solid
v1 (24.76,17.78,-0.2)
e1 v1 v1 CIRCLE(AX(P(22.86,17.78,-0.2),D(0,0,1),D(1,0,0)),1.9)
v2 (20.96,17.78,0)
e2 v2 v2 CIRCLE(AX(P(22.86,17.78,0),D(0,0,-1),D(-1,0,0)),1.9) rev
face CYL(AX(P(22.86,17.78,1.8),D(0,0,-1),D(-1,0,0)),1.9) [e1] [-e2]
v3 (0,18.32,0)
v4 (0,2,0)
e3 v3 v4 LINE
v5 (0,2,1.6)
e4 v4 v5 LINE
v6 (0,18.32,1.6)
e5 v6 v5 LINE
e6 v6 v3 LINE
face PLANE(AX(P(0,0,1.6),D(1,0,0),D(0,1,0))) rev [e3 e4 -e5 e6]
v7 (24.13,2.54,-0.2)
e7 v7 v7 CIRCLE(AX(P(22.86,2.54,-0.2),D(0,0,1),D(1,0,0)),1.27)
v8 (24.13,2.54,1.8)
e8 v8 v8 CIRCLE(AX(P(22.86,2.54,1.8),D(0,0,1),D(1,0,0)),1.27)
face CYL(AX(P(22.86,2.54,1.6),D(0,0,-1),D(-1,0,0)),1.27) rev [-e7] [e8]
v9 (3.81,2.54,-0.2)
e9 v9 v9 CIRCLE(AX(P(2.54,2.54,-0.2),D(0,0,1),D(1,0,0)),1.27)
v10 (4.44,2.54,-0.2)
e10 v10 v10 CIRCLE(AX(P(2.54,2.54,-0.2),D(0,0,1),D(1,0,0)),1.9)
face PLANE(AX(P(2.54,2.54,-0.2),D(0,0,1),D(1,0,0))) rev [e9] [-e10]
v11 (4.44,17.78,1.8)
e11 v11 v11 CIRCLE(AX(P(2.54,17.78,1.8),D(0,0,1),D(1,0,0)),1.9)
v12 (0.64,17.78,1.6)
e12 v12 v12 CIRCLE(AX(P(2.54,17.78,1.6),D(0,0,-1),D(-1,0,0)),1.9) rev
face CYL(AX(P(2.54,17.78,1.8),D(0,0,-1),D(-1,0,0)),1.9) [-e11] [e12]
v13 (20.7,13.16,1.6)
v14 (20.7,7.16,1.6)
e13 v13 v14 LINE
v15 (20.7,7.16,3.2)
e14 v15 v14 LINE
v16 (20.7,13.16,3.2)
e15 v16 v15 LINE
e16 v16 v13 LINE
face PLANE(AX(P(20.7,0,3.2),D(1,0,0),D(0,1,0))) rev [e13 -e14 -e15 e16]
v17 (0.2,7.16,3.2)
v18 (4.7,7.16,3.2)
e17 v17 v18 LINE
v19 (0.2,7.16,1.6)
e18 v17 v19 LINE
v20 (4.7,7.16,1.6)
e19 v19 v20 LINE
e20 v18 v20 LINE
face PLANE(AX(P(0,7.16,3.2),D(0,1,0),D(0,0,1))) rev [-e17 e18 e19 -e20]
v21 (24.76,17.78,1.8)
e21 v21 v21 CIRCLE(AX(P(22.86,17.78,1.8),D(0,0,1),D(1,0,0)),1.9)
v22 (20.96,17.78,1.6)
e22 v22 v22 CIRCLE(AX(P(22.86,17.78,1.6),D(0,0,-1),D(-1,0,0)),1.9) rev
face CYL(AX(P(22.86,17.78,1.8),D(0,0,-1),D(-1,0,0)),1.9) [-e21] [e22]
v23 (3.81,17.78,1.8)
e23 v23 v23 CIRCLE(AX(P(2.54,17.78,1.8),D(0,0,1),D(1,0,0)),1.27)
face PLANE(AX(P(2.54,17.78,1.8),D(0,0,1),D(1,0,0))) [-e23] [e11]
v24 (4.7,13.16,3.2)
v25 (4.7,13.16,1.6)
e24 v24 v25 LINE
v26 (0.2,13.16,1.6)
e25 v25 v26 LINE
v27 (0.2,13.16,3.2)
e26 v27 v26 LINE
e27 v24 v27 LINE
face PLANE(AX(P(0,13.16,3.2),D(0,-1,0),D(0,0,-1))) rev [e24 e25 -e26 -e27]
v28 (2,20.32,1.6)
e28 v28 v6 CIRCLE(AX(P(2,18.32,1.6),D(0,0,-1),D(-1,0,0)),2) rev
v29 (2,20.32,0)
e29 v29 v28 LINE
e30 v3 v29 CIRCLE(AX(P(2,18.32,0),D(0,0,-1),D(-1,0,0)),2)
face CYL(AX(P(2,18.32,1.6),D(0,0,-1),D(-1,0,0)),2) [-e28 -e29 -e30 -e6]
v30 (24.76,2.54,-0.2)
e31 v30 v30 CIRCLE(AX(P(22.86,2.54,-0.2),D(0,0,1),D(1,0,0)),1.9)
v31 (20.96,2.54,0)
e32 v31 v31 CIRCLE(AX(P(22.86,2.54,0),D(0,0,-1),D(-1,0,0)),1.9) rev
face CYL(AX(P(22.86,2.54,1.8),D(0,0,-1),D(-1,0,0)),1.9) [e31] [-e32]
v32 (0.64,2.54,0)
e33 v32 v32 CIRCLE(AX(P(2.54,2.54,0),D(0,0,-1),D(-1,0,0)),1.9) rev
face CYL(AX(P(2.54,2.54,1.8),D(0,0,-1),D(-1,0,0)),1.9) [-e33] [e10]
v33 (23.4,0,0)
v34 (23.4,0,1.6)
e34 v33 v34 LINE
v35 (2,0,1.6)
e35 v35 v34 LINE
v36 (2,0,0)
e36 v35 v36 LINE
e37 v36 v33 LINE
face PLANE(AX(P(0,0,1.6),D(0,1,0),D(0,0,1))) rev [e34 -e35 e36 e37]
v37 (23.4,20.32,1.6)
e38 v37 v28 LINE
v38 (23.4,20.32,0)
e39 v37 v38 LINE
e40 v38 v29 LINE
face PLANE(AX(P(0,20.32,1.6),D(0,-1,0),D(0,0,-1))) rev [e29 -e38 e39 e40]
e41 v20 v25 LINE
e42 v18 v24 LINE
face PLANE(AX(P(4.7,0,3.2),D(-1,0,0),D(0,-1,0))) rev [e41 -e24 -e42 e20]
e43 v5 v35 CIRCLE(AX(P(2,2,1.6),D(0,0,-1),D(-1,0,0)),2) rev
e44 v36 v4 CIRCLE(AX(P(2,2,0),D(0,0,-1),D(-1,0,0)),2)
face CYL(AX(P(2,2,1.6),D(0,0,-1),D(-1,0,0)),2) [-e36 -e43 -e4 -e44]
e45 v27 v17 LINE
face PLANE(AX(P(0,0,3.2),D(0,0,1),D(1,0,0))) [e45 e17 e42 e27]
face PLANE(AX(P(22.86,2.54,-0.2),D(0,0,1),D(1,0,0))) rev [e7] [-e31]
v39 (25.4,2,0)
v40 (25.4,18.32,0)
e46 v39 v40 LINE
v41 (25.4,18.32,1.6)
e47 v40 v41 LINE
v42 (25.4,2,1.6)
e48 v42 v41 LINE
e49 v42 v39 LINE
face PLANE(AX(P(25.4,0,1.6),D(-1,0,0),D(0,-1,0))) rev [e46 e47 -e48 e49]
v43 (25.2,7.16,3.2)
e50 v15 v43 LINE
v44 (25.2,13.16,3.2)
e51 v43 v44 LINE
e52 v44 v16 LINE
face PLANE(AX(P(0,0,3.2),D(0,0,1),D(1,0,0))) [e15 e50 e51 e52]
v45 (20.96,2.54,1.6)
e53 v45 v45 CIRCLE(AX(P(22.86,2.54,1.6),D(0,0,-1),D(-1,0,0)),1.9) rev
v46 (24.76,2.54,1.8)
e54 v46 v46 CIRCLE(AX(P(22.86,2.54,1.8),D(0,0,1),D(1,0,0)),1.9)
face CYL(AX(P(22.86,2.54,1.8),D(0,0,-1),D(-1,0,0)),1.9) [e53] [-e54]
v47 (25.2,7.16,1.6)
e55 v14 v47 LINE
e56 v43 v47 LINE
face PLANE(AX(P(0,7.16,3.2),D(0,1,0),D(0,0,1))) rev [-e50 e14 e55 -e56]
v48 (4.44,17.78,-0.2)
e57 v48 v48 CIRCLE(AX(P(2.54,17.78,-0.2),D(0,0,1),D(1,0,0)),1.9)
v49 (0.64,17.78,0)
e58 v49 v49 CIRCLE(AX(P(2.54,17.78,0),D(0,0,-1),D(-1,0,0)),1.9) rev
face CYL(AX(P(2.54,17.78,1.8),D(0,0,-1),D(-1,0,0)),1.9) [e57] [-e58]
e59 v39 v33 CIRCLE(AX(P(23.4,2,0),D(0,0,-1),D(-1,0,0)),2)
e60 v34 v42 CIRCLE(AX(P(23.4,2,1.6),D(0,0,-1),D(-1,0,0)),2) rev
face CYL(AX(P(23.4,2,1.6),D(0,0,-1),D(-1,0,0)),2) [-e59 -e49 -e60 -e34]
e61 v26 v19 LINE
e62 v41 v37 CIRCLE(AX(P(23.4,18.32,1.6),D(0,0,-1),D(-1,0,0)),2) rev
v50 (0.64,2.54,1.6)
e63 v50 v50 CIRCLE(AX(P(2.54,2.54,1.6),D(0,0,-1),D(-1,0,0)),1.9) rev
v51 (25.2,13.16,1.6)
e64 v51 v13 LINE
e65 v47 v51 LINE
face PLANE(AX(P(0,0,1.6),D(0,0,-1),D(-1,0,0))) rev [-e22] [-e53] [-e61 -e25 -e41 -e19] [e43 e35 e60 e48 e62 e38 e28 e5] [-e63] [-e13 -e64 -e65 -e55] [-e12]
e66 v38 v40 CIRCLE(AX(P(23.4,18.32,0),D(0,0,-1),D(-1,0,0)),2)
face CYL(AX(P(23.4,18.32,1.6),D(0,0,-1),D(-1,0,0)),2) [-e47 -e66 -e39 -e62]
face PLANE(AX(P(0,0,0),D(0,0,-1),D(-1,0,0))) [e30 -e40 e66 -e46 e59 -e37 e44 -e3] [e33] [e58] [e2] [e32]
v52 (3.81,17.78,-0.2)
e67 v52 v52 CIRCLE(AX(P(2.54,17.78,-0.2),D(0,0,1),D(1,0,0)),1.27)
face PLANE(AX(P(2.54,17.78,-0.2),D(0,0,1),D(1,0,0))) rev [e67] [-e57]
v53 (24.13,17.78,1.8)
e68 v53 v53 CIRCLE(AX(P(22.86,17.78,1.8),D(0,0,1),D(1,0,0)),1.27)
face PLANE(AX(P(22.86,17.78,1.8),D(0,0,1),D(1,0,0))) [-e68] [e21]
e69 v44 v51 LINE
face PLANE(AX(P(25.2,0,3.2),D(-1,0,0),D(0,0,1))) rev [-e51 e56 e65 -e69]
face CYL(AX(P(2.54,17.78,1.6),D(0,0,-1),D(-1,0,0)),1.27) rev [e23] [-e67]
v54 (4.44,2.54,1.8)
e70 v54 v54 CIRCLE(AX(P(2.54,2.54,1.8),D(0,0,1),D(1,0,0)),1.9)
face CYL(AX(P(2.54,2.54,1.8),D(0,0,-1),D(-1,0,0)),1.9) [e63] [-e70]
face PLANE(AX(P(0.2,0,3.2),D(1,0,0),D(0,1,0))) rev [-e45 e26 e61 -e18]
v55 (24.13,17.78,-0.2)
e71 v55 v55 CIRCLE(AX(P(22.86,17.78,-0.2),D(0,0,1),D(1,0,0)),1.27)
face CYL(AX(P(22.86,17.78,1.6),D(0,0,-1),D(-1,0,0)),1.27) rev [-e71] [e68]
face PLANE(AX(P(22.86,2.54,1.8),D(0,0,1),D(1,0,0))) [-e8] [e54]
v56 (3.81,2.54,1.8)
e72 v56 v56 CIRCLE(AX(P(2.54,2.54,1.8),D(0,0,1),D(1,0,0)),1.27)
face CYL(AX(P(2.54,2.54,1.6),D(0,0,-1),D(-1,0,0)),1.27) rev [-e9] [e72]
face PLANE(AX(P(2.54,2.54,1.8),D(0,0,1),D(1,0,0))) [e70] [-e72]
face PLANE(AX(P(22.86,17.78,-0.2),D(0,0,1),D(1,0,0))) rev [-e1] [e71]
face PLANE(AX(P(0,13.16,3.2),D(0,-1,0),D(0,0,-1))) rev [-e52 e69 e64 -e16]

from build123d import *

# Parameters (mm, degrees)
SKETCH1_W           = 25.4
SKETCH1_H           = 20.32
BOSS_EXTRUDE1_DEPTH = 1.6
FILLET1_R           = 2
SKETCH2_R           = 1.27
CUT_EXTRUDE1_DEPTH  = 33.567198222
BOSS_EXTRUDE4_START = -0.2
SKETCH5_R           = 1.9
SKETCH5_R_2         = 1.27
BOSS_EXTRUDE4_DEPTH = 2
BOSS_EXTRUDE3_START = 1.6
SKETCH4_W           = 4.5
SKETCH4_H           = 6
BOSS_EXTRUDE3_DEPTH = 1.6


with BuildPart() as part:
    # Sketch1 → Boss-Extrude1 (new body)
    with BuildSketch(Plane.XY):
        with Locations((12.7, 10.16)):
            Rectangle(SKETCH1_W, SKETCH1_H)
    extrude(amount=BOSS_EXTRUDE1_DEPTH)

    # Fillet1
    fillet1_edges = [part.edges().sort_by_distance(p)[0] for p in [
        (0, 20.32, 0.8),
        (25.4, 20.32, 0.8),
        (25.4, 0, 0.8),
        (0, 0, 0.8),
    ]]
    fillet(fillet1_edges, radius=FILLET1_R)

    # Sketch2 → Cut-Extrude1 (cut, through all)
    with BuildSketch(Plane.XY):
        with Locations((2.54, 17.78)):
            Circle(SKETCH2_R)
        with Locations((22.86, 17.78)):
            Circle(SKETCH2_R)
        with Locations((22.86, 2.54)):
            Circle(SKETCH2_R)
        with Locations((2.54, 2.54)):
            Circle(SKETCH2_R)
    extrude(amount=CUT_EXTRUDE1_DEPTH, mode=Mode.SUBTRACT)

    # Sketch5 → Boss-Extrude4 (add)
    # profile 1 of 4: a face of its own
    with BuildSketch(Plane.XY.offset(BOSS_EXTRUDE4_START)):
        with Locations(Location((2.54, 17.78, 0), (0, 0, 180))):
            Circle(SKETCH5_R)
        with Locations((2.54, 17.78)):
            Circle(SKETCH5_R_2, mode=Mode.SUBTRACT)
    # profile 2 of 4: a face of its own
    with BuildSketch(Plane.XY.offset(BOSS_EXTRUDE4_START)):
        with Locations(Location((22.86, 17.78, 0), (0, 0, 180))):
            Circle(SKETCH5_R)
        with Locations((22.86, 17.78)):
            Circle(SKETCH5_R_2, mode=Mode.SUBTRACT)
    # profile 3 of 4: a face of its own
    with BuildSketch(Plane.XY.offset(BOSS_EXTRUDE4_START)):
        with Locations(Location((22.86, 2.54, 0), (0, 0, 180))):
            Circle(SKETCH5_R)
        with Locations((22.86, 2.54)):
            Circle(SKETCH5_R_2, mode=Mode.SUBTRACT)
    # profile 4 of 4: a face of its own
    with BuildSketch(Plane.XY.offset(BOSS_EXTRUDE4_START)):
        with Locations(Location((2.54, 2.54, 0), (0, 0, 180))):
            Circle(SKETCH5_R)
        with Locations((2.54, 2.54)):
            Circle(SKETCH5_R_2, mode=Mode.SUBTRACT)
    extrude(amount=BOSS_EXTRUDE4_DEPTH)

    # Sketch4 → Boss-Extrude3 (add)
    with BuildSketch(Plane.XY.offset(BOSS_EXTRUDE3_START)):
        with Locations((2.45, 10.16)):
            Rectangle(SKETCH4_W, SKETCH4_H)
        with Locations((22.95, 10.16)):
            Rectangle(SKETCH4_W, SKETCH4_H)
    extrude(amount=BOSS_EXTRUDE3_DEPTH)


solid = part.part
